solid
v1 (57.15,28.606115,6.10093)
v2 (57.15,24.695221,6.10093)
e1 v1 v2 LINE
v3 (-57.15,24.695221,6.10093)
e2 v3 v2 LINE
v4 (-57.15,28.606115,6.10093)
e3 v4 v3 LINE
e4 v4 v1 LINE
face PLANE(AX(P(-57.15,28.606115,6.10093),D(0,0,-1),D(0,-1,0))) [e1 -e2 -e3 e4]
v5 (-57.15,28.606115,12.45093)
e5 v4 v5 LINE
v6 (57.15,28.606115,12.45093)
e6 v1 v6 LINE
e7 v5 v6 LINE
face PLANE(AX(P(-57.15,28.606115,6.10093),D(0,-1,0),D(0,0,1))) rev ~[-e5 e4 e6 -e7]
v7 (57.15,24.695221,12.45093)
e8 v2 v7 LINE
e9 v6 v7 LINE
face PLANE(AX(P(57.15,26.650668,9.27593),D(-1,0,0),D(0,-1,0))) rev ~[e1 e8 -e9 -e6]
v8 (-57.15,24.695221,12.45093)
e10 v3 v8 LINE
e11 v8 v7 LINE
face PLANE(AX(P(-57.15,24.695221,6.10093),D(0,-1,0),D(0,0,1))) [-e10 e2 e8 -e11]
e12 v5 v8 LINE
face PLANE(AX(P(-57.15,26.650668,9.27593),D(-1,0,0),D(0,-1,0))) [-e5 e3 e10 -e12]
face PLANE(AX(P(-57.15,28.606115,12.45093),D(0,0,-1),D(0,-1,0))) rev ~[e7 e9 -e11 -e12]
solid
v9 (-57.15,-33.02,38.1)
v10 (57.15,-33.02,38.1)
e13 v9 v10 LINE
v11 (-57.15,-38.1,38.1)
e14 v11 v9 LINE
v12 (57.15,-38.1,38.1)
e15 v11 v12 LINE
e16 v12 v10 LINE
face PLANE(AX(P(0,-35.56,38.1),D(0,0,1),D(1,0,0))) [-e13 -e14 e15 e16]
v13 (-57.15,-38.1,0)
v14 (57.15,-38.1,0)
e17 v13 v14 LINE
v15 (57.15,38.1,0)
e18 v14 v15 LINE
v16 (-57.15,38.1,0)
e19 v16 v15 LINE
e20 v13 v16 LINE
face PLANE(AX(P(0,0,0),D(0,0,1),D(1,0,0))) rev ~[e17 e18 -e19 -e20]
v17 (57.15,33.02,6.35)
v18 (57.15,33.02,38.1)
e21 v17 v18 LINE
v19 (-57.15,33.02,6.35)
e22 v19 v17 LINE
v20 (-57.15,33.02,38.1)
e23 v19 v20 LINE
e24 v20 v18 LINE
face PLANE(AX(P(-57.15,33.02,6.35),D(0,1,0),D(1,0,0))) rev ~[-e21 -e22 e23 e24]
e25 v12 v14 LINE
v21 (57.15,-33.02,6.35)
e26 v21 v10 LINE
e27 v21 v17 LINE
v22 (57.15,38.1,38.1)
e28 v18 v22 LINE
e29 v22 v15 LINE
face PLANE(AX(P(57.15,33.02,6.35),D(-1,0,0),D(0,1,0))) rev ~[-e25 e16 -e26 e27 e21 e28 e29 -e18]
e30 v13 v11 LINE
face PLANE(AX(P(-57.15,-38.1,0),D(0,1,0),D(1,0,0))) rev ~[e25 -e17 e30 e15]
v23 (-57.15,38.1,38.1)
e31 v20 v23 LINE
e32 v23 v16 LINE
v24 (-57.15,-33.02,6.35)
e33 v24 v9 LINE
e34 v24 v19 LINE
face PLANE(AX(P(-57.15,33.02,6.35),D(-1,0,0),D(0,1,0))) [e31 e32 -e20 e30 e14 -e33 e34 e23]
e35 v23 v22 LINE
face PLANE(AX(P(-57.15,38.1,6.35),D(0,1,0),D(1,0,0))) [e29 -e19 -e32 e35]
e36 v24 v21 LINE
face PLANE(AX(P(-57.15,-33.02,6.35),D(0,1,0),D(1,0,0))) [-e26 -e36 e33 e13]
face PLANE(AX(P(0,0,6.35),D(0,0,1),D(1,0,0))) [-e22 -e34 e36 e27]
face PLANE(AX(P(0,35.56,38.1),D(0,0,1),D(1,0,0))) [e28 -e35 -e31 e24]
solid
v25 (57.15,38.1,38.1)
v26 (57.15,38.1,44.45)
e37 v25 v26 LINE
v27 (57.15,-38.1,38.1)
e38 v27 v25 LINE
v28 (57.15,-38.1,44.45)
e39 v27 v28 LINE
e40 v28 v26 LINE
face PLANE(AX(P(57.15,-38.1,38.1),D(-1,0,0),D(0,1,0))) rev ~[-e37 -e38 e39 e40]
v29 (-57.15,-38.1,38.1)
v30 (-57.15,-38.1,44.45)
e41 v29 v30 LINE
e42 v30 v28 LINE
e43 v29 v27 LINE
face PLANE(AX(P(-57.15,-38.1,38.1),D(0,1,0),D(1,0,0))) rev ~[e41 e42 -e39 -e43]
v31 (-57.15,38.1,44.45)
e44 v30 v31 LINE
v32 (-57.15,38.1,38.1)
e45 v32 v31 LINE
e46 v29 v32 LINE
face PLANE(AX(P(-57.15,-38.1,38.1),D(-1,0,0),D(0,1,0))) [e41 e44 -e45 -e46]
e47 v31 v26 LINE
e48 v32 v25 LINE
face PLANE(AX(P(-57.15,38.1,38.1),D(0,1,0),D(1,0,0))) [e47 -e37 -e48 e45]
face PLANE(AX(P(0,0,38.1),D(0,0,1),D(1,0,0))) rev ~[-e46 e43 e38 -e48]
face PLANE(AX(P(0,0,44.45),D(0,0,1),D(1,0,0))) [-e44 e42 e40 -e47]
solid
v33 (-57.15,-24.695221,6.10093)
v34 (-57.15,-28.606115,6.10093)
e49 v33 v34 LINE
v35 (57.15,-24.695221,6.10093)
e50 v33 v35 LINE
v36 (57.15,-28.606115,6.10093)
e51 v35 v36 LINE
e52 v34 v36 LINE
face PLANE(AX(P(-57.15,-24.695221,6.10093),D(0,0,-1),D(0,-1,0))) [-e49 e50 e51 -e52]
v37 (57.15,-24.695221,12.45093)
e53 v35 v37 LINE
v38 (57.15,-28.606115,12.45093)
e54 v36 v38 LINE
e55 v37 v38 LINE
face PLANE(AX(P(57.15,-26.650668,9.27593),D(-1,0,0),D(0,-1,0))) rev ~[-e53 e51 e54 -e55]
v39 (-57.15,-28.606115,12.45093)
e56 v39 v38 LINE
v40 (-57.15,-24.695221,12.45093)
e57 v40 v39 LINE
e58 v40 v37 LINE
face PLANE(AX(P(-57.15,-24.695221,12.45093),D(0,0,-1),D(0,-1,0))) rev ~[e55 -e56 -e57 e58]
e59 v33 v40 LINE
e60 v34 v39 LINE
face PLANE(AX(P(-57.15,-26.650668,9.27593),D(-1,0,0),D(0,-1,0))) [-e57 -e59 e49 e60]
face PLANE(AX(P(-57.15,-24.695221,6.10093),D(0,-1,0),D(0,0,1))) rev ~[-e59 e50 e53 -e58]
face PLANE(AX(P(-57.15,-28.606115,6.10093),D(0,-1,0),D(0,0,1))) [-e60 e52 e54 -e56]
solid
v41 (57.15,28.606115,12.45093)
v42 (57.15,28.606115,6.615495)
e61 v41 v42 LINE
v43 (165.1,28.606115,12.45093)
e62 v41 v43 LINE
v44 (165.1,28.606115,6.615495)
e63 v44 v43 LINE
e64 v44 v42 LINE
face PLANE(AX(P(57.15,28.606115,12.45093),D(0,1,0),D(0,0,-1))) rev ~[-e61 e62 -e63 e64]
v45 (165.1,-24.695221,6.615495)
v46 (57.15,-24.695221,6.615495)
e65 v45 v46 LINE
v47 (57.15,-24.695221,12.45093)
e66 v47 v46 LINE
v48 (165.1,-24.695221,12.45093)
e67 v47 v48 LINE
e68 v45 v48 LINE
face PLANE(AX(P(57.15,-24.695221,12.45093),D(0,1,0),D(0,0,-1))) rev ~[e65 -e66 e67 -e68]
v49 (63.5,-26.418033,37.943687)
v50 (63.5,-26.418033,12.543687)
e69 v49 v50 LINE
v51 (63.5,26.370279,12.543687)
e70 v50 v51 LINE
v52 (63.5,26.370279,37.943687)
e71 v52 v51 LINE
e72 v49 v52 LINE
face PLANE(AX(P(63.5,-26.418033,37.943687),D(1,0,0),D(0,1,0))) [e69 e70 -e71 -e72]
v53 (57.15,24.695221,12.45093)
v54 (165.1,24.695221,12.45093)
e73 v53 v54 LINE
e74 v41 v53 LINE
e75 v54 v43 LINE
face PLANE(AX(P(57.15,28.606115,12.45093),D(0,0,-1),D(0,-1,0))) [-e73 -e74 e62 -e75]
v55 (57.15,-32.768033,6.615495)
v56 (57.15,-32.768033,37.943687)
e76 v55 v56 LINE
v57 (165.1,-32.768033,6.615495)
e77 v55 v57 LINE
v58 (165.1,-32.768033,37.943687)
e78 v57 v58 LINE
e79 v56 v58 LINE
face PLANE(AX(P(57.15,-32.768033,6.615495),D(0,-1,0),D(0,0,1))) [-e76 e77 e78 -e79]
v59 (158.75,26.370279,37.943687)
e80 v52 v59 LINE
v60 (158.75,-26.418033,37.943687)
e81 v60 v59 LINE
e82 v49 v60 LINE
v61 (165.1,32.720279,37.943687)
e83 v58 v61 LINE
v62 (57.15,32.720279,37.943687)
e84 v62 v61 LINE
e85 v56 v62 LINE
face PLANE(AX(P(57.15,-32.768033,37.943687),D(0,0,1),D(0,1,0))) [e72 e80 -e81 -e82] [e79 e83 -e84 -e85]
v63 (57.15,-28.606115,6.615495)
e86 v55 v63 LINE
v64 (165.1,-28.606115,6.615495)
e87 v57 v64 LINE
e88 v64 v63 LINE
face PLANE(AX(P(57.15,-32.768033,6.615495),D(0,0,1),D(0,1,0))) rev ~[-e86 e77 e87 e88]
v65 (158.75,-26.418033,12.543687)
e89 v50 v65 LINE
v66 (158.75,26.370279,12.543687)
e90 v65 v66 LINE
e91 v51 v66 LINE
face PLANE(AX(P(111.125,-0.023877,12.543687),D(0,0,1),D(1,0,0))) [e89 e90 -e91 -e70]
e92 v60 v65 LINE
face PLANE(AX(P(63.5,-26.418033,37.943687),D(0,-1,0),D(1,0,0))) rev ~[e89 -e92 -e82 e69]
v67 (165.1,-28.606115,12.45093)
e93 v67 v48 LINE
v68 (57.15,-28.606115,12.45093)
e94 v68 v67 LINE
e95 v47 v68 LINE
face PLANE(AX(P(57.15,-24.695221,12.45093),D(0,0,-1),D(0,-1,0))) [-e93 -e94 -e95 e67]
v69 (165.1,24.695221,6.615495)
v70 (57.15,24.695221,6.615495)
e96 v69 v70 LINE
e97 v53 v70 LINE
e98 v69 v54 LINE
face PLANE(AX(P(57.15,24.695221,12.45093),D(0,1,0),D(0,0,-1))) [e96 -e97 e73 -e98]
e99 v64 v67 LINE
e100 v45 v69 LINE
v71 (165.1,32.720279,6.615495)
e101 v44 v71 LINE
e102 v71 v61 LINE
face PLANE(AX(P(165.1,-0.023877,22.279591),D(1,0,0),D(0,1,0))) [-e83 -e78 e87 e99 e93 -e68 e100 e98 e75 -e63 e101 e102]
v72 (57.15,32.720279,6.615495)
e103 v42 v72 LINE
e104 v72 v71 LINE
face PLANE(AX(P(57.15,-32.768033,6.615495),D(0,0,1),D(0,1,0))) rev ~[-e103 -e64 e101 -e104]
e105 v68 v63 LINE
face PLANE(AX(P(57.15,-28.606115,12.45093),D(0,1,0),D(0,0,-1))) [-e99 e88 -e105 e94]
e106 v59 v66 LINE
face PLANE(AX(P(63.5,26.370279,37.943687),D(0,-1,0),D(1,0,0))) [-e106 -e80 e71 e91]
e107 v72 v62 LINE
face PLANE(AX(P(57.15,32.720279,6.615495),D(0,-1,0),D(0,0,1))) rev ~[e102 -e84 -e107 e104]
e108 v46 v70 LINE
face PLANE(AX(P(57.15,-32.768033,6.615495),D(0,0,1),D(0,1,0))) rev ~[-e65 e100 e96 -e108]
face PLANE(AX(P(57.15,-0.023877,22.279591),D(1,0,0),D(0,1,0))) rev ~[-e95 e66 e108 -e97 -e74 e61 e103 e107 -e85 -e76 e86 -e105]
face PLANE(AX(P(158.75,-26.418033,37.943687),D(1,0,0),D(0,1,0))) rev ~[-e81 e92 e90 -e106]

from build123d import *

# Parameters (mm, degrees)
F0_W      = 114.3
F0_H      = 76.2
F1_DEPTH  = 6.35
F2_W      = 3.910894
F2_H      = 6.35
F3_DEPTH  = 114.3
F4_W      = 114.3
F4_H      = 5.08
F5_DEPTH  = 31.75
F6_W      = 65.488312
F6_H      = 31.328192
F7_DEPTH  = 107.95
F3_FACE_W = 3.910894
F3_FACE_H = 6.35
F8_DEPTH  = 139.7
F9_W      = 95.25
F9_H      = 52.788312
F11_DEPTH = 25.4
F10_W     = 114.3
F10_H     = 76.2
F12_DEPTH = 6.35


with BuildPart() as f1:
    # F0 (on Top) → F1 (new body)
    with BuildSketch(Plane.XY):
        Rectangle(F0_W, F0_H)
    extrude(amount=F1_DEPTH)

    # F4 (on face) → F5 (join)
    with BuildSketch(Plane.XY.offset(6.35)):
        with Locations((0, 35.56)):
            Rectangle(F4_W, F4_H)
        with Locations((0, -35.56)):
            Rectangle(F4_W, F4_H)
    extrude(amount=F5_DEPTH)


with BuildPart() as f3:
    # F2 (on face) → F3 (new body)
    with BuildSketch(Plane(origin=(-57.15, 0, 0), x_dir=(0, -1, 0), z_dir=(-1, 0, 0))):
        with Locations((-26.650668, 9.27593)):
            Rectangle(F2_W, F2_H)
        with Locations((26.650668, 9.27593)):
            Rectangle(F2_W, F2_H)
    extrude(amount=-F3_DEPTH)


with BuildPart() as f7:
    # F6 (on face) → F7 (new body)
    with BuildSketch(Plane.YZ.offset(57.15)):
        with Locations((-0.023877, 22.279591)):
            Rectangle(F6_W, F6_H)
    extrude(amount=F7_DEPTH)

    # F3_face (on face) → F8 (cut)
    with BuildSketch(Plane(origin=(57.15, -26.650668, 9.27593), x_dir=(0, -1, 0), z_dir=(1, 0, 0))):
        Rectangle(F3_FACE_W, F3_FACE_H)
        with Locations((-53.301336, 0)):
            Rectangle(F3_FACE_W, F3_FACE_H)
    extrude(amount=F8_DEPTH, mode=Mode.SUBTRACT)

    # F9 (on face) → F11 (cut)
    with BuildSketch(Plane.XY.offset(37.943687)):
        with Locations((111.125, -0.023877)):
            Rectangle(F9_W, F9_H)
    extrude(amount=-F11_DEPTH, mode=Mode.SUBTRACT)


with BuildPart() as f12:
    # F10 (on face) → F12 (new body)
    with BuildSketch(Plane.XY.offset(38.1)):
        Rectangle(F10_W, F10_H)
    extrude(amount=F12_DEPTH)


solid = Compound([f1.part, f3.part, f7.part, f12.part])
